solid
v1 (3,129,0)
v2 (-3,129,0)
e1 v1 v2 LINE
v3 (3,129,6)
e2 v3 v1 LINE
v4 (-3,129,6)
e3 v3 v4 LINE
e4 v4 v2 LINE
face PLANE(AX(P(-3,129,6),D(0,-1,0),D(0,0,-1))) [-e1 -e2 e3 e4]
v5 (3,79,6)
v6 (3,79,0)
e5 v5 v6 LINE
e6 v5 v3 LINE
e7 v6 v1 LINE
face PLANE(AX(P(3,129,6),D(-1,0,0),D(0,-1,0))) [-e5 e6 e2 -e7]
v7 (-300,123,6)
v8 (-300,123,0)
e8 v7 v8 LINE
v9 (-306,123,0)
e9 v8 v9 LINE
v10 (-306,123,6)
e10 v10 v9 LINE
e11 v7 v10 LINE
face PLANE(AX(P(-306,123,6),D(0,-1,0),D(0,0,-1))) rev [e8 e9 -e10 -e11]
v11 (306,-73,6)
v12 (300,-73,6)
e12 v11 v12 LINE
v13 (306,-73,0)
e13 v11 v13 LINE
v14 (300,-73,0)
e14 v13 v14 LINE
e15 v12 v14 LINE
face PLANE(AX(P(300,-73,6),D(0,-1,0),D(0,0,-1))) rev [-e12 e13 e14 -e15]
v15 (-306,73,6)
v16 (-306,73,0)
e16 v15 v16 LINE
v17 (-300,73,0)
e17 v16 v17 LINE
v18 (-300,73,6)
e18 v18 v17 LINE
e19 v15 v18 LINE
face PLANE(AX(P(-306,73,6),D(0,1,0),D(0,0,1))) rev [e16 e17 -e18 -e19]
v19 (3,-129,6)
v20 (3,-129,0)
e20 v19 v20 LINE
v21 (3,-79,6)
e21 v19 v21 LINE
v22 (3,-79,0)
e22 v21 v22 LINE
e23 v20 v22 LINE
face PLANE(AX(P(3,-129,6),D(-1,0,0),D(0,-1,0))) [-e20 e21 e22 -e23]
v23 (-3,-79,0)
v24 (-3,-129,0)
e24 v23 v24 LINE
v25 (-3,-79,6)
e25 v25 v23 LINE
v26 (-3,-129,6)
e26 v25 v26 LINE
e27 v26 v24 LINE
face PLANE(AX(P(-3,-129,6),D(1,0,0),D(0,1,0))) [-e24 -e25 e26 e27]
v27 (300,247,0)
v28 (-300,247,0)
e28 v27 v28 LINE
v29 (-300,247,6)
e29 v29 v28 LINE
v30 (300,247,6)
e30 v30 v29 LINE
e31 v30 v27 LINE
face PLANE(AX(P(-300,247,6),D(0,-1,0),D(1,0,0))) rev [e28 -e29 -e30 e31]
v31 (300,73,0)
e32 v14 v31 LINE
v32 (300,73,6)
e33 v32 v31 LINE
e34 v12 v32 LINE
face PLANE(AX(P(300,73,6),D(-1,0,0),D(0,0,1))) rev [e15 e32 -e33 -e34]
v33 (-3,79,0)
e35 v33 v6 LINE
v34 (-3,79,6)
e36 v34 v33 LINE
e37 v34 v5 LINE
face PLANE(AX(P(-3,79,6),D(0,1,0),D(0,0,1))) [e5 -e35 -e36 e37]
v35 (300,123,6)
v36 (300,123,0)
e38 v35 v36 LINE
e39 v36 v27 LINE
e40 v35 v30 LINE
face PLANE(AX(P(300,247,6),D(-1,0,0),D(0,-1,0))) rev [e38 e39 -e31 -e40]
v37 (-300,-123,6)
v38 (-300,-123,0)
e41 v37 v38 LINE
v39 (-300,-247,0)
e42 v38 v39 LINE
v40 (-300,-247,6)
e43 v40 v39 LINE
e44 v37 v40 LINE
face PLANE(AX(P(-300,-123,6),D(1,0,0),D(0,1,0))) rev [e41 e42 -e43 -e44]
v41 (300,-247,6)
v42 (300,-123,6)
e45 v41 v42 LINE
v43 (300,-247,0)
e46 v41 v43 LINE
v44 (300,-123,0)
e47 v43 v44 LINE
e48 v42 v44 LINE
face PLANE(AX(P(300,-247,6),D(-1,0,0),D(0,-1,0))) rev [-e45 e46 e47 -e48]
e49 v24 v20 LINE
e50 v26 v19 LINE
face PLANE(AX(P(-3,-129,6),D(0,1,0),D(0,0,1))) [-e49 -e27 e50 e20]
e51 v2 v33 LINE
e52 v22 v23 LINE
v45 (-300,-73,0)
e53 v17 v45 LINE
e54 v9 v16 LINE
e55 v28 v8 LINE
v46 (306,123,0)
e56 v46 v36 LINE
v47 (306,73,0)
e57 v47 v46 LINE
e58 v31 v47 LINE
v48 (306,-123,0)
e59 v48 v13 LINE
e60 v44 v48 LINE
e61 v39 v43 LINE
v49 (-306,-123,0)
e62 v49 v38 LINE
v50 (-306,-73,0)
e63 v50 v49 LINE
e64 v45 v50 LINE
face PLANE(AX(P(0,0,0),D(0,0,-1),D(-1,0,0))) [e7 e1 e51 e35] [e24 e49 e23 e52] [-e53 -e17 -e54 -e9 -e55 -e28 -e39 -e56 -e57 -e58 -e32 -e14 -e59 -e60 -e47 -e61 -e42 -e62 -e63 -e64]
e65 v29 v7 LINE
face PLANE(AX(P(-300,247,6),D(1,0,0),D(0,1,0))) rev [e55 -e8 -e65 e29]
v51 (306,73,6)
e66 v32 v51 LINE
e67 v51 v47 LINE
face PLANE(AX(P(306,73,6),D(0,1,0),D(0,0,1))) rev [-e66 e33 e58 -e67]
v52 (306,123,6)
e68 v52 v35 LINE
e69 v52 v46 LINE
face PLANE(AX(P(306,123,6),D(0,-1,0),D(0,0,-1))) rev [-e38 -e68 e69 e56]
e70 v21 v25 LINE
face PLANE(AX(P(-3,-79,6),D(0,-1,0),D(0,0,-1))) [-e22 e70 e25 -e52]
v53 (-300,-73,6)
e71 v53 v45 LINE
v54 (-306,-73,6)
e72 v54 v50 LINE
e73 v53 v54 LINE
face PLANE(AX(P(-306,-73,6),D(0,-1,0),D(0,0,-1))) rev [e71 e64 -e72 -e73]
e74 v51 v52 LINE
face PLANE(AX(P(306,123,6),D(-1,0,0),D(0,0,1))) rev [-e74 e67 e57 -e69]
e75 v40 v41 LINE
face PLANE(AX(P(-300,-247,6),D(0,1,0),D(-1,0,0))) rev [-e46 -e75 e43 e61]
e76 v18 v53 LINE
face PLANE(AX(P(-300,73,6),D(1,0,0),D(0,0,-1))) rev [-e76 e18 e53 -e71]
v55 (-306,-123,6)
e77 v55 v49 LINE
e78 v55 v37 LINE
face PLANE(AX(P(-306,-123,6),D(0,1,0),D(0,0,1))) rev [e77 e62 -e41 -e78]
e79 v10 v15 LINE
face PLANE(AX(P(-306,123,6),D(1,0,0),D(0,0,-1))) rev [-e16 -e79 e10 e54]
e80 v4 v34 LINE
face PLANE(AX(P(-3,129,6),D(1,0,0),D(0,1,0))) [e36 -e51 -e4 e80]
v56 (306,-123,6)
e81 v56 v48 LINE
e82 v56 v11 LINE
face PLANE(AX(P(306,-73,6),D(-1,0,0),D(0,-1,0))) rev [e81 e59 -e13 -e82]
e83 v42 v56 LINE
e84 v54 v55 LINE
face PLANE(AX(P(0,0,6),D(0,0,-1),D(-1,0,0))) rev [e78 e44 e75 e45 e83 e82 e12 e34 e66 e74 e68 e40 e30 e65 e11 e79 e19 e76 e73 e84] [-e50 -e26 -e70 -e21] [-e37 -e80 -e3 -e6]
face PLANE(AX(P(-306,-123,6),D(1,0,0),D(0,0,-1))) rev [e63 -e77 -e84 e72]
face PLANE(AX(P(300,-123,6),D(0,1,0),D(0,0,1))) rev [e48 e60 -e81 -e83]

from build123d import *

# Parameters (mm, degrees)
SKETCH1_W           = 6
SKETCH1_H           = 50
BOSS_EXTRUDE1_DEPTH = 6


with BuildPart() as part:
    # Sketch1 → Boss-Extrude1 (new body)
    with BuildSketch(Plane.XY):
        Polygon((-300, 247), (300, 247), (300, 123), (306, 123), (306, 73), (300, 73), (300, -73), (306, -73), (306, -123), (300, -123), (300, -247), (-300, -247), (-300, -123), (-306, -123), (-306, -73), (-300, -73), (-300, 73), (-306, 73), (-306, 123), (-300, 123), align=None)
        with Locations((0, 104)):
            Rectangle(SKETCH1_W, SKETCH1_H, mode=Mode.SUBTRACT)
        with Locations((0, -104)):
            Rectangle(SKETCH1_W, SKETCH1_H, mode=Mode.SUBTRACT)
    extrude(amount=BOSS_EXTRUDE1_DEPTH)


solid = part.part
